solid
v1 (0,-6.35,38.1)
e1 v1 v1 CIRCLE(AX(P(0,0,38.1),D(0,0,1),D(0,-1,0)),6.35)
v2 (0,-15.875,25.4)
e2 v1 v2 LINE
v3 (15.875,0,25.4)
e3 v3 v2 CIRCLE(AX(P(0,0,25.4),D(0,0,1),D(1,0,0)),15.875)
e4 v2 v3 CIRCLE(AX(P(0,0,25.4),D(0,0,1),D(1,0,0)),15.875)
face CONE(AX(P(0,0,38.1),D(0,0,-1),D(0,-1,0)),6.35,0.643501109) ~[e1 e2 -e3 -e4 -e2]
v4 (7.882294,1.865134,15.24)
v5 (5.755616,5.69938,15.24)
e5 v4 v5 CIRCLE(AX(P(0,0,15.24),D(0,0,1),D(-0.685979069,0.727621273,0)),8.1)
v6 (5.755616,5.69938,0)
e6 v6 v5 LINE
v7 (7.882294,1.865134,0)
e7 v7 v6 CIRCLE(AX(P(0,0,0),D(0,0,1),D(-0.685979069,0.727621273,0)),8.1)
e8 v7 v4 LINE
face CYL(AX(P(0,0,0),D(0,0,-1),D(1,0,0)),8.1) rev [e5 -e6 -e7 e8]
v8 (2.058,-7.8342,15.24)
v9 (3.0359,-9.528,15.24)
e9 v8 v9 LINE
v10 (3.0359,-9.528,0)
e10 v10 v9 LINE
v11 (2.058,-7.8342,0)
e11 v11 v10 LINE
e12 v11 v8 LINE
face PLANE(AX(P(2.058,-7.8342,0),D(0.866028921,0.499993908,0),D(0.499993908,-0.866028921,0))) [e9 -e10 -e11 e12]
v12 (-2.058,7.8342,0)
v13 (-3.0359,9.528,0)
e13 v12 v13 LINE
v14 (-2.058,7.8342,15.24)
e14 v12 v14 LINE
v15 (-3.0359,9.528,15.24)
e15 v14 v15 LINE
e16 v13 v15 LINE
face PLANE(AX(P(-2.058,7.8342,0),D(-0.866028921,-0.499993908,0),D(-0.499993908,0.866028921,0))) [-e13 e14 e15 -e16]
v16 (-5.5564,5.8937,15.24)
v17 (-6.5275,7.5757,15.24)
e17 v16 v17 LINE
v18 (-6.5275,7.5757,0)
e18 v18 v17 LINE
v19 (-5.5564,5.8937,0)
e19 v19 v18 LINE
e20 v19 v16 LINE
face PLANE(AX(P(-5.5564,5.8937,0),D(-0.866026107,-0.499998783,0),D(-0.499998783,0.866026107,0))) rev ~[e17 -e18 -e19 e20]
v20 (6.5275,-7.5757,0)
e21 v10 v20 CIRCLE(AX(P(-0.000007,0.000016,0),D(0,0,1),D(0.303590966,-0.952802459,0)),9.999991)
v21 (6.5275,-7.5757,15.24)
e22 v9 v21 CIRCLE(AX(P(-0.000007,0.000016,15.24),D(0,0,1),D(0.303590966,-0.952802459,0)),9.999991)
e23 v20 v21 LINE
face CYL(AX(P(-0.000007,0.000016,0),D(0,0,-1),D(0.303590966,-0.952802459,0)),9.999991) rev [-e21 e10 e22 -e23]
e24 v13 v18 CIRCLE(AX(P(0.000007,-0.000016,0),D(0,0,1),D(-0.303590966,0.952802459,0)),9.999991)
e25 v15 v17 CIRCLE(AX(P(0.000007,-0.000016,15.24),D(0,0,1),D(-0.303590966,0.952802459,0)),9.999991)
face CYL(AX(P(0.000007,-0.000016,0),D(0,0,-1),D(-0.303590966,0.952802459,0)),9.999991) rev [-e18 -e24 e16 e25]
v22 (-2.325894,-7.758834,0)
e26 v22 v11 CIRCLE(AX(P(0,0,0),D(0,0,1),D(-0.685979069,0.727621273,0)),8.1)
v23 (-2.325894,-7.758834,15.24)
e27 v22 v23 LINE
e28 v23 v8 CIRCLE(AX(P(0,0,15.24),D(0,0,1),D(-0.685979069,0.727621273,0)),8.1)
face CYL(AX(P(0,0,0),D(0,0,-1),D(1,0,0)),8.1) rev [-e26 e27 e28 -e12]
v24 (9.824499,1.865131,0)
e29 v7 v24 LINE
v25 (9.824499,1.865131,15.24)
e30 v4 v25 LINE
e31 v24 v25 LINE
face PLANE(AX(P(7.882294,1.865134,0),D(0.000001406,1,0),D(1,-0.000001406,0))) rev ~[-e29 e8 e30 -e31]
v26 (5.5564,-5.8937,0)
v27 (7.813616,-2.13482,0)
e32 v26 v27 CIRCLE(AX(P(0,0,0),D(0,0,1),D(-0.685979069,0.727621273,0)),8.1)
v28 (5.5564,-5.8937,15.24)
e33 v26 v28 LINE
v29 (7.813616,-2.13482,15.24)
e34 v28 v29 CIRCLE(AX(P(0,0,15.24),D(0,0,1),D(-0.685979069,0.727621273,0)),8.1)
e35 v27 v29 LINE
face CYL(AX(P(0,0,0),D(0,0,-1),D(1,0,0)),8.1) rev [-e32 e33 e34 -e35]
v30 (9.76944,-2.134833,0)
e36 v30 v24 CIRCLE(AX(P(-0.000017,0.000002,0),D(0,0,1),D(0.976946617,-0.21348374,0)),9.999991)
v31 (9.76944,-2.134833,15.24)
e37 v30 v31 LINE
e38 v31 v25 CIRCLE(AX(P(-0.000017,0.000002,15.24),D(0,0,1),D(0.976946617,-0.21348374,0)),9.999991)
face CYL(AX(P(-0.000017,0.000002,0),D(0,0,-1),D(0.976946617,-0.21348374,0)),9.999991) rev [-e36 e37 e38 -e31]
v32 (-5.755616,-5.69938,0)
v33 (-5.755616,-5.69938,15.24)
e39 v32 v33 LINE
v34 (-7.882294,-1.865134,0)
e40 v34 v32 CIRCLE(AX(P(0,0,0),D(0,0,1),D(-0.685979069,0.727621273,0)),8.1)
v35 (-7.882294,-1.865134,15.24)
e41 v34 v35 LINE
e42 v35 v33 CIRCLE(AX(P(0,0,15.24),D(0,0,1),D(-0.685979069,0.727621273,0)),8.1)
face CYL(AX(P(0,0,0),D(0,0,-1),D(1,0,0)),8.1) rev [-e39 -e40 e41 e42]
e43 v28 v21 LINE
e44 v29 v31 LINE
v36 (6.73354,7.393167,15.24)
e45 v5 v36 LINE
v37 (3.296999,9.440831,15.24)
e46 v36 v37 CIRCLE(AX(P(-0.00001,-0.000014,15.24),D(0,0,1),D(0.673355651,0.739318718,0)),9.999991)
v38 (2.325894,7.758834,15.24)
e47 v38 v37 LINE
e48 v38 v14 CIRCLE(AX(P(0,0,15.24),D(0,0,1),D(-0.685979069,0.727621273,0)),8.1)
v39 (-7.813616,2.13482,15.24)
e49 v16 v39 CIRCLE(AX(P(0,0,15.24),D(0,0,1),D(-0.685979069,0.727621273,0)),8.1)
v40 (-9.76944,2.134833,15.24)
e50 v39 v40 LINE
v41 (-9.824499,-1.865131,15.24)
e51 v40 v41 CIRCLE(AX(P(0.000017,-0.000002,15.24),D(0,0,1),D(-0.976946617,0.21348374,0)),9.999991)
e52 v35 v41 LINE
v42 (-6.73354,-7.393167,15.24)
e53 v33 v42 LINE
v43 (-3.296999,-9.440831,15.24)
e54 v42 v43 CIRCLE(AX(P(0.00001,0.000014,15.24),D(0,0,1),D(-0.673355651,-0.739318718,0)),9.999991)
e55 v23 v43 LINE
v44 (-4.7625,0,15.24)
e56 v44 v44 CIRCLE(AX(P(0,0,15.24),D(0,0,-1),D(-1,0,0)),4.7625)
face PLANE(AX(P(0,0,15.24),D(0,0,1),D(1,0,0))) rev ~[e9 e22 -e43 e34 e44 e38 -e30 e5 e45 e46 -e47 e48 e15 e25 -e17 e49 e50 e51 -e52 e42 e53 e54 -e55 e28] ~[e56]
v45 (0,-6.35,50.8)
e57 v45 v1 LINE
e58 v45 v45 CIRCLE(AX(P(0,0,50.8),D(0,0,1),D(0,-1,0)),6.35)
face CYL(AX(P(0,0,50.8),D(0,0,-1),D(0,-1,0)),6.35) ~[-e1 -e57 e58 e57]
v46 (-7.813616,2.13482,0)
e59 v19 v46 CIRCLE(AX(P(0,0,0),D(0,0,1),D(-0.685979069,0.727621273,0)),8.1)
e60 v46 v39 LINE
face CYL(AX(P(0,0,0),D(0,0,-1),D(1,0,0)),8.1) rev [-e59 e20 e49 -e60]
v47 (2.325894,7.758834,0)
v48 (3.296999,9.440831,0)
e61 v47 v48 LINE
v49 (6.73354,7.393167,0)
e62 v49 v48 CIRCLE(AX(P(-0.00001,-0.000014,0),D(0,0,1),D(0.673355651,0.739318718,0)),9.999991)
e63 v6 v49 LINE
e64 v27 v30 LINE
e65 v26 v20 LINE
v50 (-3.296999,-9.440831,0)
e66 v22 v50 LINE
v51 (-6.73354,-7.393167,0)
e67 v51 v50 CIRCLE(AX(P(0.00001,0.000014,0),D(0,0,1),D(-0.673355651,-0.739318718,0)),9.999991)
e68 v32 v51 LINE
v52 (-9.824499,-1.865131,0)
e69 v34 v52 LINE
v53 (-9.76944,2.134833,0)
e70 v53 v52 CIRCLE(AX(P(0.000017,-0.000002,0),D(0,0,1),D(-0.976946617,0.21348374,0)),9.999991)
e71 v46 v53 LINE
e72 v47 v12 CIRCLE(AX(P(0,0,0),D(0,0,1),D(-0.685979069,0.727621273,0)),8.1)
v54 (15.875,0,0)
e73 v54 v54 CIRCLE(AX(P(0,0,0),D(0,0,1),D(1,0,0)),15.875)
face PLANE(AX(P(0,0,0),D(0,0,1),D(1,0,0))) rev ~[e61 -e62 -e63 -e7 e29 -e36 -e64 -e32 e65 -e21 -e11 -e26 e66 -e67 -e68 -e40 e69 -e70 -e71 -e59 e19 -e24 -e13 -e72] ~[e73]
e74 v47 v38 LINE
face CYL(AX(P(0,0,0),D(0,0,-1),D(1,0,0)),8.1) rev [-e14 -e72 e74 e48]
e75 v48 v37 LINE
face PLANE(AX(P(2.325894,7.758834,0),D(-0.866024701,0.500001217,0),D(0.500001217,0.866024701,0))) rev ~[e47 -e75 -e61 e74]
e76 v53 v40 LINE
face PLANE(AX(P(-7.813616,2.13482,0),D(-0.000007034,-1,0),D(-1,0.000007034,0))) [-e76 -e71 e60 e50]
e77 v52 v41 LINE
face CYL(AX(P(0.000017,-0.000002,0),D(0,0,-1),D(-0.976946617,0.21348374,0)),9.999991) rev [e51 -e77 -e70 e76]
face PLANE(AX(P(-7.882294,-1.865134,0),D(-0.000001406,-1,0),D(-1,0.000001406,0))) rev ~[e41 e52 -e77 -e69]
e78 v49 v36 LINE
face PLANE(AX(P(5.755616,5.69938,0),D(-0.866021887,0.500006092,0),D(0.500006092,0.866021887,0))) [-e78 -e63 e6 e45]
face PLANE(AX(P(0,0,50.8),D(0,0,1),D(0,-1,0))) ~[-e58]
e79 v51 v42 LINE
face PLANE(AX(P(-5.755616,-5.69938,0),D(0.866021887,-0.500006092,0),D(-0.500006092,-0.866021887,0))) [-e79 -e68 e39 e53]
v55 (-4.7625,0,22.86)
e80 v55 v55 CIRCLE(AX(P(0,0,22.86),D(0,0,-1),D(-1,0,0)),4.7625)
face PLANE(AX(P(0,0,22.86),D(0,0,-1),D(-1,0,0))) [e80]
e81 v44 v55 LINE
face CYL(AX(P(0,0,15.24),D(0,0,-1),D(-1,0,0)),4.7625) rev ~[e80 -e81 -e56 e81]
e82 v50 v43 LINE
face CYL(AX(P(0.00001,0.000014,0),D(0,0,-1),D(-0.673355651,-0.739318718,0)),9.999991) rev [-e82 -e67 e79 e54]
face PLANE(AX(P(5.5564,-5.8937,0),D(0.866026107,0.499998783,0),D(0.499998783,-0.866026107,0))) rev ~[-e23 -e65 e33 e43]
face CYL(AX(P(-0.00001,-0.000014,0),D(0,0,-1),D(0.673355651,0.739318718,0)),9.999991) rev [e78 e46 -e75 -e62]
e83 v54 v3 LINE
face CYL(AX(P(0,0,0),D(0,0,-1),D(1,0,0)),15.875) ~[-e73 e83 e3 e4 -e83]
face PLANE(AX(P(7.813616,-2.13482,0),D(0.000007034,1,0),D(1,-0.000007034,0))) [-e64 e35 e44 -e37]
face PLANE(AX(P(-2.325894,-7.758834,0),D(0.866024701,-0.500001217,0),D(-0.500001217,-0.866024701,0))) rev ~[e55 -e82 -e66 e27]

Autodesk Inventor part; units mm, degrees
ref_plane "YZ Plane" through (0, 0, 0) normal (1, 0, 0) x (0, 1, 0)
ref_plane "XZ Plane" through (0, 0, 0) normal (0, 1, 0) x (-1, 0, 0)
ref_plane "XY Plane" through (0, 0, 0) normal (0, 0, 1) x (1, 0, 0)
sketch "Sketch1" plane through (0, 0, 0) normal (0, 0, 1) x (1, 0, 0)
  circle A0 centre (0, 0) radius 15.875
  arc A1 (-3.0359, 9.528) -> (-6.5275, 7.5757) centre (0, 0) ccw
  line L0 (0, 0) -> (-5, 8.6603) construction
  line L1 (0, 0) -> (-10.16, 0) construction
  line L2 (-2.058, 7.8342) -> (-3.0359, 9.528)
  line L3 (-5.5564, 5.8937) -> (-6.5275, 7.5757)
  arc A2 (-2.058, 7.8342) -> (-5.5564, 5.8937) centre (0, 0) ccw
  circle A3 centre (0, 0) radius 8.1
  arc A4 (6.7336, 7.3932) -> (3.297, 9.4409) centre (0, 0) ccw
  line L4 (5.7556, 5.6994) -> (6.7336, 7.3932)
  line L5 (2.3259, 7.7589) -> (3.297, 9.4409)
  arc A5 (9.7695, -2.1348) -> (9.8245, 1.8652) centre (0, 0) ccw
  line L6 (7.8136, -2.1348) -> (9.7695, -2.1348)
  line L7 (7.8823, 1.8652) -> (9.8245, 1.8652)
  arc A6 (3.0359, -9.528) -> (6.5275, -7.5757) centre (0, 0) ccw
  line L8 (2.058, -7.8342) -> (3.0359, -9.528)
  line L9 (5.5564, -5.8937) -> (6.5275, -7.5757)
  arc A7 (-6.7336, -7.3932) -> (-3.297, -9.4409) centre (0, 0) ccw
  line L10 (-5.7556, -5.6994) -> (-6.7336, -7.3932)
  line L11 (-2.3259, -7.7589) -> (-3.297, -9.4409)
  arc A8 (-9.7695, 2.1348) -> (-9.8245, -1.8652) centre (0, 0) ccw
  line L12 (-7.8136, 2.1348) -> (-9.7695, 2.1348)
  line L13 (-7.8823, -1.8652) -> (-9.8245, -1.8652)
  point P0 (5, 8.6603)
  point P1 (10, 0)
  point P2 (5, -8.6603)
  point P3 (-5, -8.6603)
  point P4 (-10, 0)
  dimension "d5" = 16.2
  dimension "d0" = 31.75
  dimension "d2" = 60
  dimension "d3" = 4
  dimension "d4" = 20
  dimension "d8" = 360
extrude "Extrusion1" add sketch "Sketch1" along normal blind 25.4 contours A0 | L2 A2 L3 A1 | A3 A2 | L5 A4 L4 A3 | A3 L13 A8 L12 | L7 A5 L6 A3 | A3 L11 A7 L10 | A3 L9 A6 L8
extrude "Extrusion2" cut sketch "Sketch1" along normal blind 15.24 contours A3 A2
extrude "Extrusion3" cut sketch "Sketch1" along normal blind 15.24 contours L2 A2 L3 A1
pattern_circular "Circular Pattern1" count 6 over 360 about axis through (0, 0, 0) along (0, 0, 1) of "Extrusion3"
sketch "Sketch2" plane through (0, 0, 15.24) normal (0, 0, -1) x (-1, 0, 0)
  arc A0 (9.8245, -1.8652) -> (9.7695, 2.1348) centre (0, 0) ccw projected
  circle A1 centre (0, 0) radius 4.7625
  dimension "d19" = 9.525
extrude "Extrusion4" cut sketch "Sketch2" against normal blind 7.62
sketch "Sketch4" plane through (0, 0, 0) normal (1, 0, 0) x (0, 1, 0)
  line L0 (8.1, 0) -> (8.1, 15.24) projected
  line L1 (8.1, 15.24) -> (4.7625, 15.24) projected
  line L2 (4.7625, 15.24) -> (4.7625, 22.86) projected
  line L3 (4.7625, 22.86) -> (-4.7625, 22.86) projected
  line L4 (-4.7625, 22.86) -> (-4.7625, 15.24) projected
  line L5 (-4.7625, 15.24) -> (-8.1, 15.24) projected
  line L6 (-8.1, 15.24) -> (-8.1, 0) projected
  line L7 (-8.1, 0) -> (-15.875, 0) projected
  line L8 (-15.875, 0) -> (-15.875, 25.4) projected
  line L9 (-15.875, 25.4) -> (15.875, 25.4) projected
  line L10 (15.875, 25.4) -> (15.875, 0) projected
  line L11 (15.875, 0) -> (8.1, 0) projected
  line L12 (0, 25.4) -> (0, 50.8)
  line L13 (0, 50.8) -> (-6.35, 50.8)
  line L14 (-6.35, 50.8) -> (-6.35, 38.1)
  line L15 (-6.35, 38.1) -> (-15.875, 25.4)
  point P0 (0, 0)
  dimension "d22" = 25.4
  dimension "d23" = 6.35
  dimension "d24" = 12.7
revolve "Revolution1" add sketch "Sketch4" angle 360 about axis through (0, 0, 25.4) along (0, 0, 1) contours L9 L15 L14 L13 L12
sketch "Sketch5" plane through (0, 0, 0) normal (0, 1, 0) x (-1, 0, 0)
  line L0 (10, 0) -> (10, 15.24) projected
  line L1 (10, 15.24) -> (4.7625, 15.24) projected
  line L2 (4.7625, 15.24) -> (4.7625, 22.86) projected
  line L3 (4.7625, 22.86) -> (-4.7625, 22.86) projected
  line L4 (-4.7625, 22.86) -> (-4.7625, 15.24) projected
  line L5 (-4.7625, 15.24) -> (-10, 15.24) projected
  line L6 (-10, 15.24) -> (-10, 0) projected
  line L7 (-10, 0) -> (-15.875, 0) projected
  line L8 (-15.875, 0) -> (-15.875, 25.4) projected
  line L9 (-15.875, 25.4) -> (-6.35, 38.1) projected
  line L10 (-6.35, 38.1) -> (-6.35, 50.8) projected
  line L11 (-6.35, 50.8) -> (6.35, 50.8) projected
  line L12 (6.35, 50.8) -> (6.35, 38.1) projected
  line L13 (6.35, 38.1) -> (15.875, 25.4) projected
  line L14 (15.875, 25.4) -> (15.875, 0) projected
  line L15 (15.875, 0) -> (10, 0) projected
  point P0 (0, 0)
  dimension "d26" = 25.4
  dimension "d27" = 12.7
properties part number "motor connector"
